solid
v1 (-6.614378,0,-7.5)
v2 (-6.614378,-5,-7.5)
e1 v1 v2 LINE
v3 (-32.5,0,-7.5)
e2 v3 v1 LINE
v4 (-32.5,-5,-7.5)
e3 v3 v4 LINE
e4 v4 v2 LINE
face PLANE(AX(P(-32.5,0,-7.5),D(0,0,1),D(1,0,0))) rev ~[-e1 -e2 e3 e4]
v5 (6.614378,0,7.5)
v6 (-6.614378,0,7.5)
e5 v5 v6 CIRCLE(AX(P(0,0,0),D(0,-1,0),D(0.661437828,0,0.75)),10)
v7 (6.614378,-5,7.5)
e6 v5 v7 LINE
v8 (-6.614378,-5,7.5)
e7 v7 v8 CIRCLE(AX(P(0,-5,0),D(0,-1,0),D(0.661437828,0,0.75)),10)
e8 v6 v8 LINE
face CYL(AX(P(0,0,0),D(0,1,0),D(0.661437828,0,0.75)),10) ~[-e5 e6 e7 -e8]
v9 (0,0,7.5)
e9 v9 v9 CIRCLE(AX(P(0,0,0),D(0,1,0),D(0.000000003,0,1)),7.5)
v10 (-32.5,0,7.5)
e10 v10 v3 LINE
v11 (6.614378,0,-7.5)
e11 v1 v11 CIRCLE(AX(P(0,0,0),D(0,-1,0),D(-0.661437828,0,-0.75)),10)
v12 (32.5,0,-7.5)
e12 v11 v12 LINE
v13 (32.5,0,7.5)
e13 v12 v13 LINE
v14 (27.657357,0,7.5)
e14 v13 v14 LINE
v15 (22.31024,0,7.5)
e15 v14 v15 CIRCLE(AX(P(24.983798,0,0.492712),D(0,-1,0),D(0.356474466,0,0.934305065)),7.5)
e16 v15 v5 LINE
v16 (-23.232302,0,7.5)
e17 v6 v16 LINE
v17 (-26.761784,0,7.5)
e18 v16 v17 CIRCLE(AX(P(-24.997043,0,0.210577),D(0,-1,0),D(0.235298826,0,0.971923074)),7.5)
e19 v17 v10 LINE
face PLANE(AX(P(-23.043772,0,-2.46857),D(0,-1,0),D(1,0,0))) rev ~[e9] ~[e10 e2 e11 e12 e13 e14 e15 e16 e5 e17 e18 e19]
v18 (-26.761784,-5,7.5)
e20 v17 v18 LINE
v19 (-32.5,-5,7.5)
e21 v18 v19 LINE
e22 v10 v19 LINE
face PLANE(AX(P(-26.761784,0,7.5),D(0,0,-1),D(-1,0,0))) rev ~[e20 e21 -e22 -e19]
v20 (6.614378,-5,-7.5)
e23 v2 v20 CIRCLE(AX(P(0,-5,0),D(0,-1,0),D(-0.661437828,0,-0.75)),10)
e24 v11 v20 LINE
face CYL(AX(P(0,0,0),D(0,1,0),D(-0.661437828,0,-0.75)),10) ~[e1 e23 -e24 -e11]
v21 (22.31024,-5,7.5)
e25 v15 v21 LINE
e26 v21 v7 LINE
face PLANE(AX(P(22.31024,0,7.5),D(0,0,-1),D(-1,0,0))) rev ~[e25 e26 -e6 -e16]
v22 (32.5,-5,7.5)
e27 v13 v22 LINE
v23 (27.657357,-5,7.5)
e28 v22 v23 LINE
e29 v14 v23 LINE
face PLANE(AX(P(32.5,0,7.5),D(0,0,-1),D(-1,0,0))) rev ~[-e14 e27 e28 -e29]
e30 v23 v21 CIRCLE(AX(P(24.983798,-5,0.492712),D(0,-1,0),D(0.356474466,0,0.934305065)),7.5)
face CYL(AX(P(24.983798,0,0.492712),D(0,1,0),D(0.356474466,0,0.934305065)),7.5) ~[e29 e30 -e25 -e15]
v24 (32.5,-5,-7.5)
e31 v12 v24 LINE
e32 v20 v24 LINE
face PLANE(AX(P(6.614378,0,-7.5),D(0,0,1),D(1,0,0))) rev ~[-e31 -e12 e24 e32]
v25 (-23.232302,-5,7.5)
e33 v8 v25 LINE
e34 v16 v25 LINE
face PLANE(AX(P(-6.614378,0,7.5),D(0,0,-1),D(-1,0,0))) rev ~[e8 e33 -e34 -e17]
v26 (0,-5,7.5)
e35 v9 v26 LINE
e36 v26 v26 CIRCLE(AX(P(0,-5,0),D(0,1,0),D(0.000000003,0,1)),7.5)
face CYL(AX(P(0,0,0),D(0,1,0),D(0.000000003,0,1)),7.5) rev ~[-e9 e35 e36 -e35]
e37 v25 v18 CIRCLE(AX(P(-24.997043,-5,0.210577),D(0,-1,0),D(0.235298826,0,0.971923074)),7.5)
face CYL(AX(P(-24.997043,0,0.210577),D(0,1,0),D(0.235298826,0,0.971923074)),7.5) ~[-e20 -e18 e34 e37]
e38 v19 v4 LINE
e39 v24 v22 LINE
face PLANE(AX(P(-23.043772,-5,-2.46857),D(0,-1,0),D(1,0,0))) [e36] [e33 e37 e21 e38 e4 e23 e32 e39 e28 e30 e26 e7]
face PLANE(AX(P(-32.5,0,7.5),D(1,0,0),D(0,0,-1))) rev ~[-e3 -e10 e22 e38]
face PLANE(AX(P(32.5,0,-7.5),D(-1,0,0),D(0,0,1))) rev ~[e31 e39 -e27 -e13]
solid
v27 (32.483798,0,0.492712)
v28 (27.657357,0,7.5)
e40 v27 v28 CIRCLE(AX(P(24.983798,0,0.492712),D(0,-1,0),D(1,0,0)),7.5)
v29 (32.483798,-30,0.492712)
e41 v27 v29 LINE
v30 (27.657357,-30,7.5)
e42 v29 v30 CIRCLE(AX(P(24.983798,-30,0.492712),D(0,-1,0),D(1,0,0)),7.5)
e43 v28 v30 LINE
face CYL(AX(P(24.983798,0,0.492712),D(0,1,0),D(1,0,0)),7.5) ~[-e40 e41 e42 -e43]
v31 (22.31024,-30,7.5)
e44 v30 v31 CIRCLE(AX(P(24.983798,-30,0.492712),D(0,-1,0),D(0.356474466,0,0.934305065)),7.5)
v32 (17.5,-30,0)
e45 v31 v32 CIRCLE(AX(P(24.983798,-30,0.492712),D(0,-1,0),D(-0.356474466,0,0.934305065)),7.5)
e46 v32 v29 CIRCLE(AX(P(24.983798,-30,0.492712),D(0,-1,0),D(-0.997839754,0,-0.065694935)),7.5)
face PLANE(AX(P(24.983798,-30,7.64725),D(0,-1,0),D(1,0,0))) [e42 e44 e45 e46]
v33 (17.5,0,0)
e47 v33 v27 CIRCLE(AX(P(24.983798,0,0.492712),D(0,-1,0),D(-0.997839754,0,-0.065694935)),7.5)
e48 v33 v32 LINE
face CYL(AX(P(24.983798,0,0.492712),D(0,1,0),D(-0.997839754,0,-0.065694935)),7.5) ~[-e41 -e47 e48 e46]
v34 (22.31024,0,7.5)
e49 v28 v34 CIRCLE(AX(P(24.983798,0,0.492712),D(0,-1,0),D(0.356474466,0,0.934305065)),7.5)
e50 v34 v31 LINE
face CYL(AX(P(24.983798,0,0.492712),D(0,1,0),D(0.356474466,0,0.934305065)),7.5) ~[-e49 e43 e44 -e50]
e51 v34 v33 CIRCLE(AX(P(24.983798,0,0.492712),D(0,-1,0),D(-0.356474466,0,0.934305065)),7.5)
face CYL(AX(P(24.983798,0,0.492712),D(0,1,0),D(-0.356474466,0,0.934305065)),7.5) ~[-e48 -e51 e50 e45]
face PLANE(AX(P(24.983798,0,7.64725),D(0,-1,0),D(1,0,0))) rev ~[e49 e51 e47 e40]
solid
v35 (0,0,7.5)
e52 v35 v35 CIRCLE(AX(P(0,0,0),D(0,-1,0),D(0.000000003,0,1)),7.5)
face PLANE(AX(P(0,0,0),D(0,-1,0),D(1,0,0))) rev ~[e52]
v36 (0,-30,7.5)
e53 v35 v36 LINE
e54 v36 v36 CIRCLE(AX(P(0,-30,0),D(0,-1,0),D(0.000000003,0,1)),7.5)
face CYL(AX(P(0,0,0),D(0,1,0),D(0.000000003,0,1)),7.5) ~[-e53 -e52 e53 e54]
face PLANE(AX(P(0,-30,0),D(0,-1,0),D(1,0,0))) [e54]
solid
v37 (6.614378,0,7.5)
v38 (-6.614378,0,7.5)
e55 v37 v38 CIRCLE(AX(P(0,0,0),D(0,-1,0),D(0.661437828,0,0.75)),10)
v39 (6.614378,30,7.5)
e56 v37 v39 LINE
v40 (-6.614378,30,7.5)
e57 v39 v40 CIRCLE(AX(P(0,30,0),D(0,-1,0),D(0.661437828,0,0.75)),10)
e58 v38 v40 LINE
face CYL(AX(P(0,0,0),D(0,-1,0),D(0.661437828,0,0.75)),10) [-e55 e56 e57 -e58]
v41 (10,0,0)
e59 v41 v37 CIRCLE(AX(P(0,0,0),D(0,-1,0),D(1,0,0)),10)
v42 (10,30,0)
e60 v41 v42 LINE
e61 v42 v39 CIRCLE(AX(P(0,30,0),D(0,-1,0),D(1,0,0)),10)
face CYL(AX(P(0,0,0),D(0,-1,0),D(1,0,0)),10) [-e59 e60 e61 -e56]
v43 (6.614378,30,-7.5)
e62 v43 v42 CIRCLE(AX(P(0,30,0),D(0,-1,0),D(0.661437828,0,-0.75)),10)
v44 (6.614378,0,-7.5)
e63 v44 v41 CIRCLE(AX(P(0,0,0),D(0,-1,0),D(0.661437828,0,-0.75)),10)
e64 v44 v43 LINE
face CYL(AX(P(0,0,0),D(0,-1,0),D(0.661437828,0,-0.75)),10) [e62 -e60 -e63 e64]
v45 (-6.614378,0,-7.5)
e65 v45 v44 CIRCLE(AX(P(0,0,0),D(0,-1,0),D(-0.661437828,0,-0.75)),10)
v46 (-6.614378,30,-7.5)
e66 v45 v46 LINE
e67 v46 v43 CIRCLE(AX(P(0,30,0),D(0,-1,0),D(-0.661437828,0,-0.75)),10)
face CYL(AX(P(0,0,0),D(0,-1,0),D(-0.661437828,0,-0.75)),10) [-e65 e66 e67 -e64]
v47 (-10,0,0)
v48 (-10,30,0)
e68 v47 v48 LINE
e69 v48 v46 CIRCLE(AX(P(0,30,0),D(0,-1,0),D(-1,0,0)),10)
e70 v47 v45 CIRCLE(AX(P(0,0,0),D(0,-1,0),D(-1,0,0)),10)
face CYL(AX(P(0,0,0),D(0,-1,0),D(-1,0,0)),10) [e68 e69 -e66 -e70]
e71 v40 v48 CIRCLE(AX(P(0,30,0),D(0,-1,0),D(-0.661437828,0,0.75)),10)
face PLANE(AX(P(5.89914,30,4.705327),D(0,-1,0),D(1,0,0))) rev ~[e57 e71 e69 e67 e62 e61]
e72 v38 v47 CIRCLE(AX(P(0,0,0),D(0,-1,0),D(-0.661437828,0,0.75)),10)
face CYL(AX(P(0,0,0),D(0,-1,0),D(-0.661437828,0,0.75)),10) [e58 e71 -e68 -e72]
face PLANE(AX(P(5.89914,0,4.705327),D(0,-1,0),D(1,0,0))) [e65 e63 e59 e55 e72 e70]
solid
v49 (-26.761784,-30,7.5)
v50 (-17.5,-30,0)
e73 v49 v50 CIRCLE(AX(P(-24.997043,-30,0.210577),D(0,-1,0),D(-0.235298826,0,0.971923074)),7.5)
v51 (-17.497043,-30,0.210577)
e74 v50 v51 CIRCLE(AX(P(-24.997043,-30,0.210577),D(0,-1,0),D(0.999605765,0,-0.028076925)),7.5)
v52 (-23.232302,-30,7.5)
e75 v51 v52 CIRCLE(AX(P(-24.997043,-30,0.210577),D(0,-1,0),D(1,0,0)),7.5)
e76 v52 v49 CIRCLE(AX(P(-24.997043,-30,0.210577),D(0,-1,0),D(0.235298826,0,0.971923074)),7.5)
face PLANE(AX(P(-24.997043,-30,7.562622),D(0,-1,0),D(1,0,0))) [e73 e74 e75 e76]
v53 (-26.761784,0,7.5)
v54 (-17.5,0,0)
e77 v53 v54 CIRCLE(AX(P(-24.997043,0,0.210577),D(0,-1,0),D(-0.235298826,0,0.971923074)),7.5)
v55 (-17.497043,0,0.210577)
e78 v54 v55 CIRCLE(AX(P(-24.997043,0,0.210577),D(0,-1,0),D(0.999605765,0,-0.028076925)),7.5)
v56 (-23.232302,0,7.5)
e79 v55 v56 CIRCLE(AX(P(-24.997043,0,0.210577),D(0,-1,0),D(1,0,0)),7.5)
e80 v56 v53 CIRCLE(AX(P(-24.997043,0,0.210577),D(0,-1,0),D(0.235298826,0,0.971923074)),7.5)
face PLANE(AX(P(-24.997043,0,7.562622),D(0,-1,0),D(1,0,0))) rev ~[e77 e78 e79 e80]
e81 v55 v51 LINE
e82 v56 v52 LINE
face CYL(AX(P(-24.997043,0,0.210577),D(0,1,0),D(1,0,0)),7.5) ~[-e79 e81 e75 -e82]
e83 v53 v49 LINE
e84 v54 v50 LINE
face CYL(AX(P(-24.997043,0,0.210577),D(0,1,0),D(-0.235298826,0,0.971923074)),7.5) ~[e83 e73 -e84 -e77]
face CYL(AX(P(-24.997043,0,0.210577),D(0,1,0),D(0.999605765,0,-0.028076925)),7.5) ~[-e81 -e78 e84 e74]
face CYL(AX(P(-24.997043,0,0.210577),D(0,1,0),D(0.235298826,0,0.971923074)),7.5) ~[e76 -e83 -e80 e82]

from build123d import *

# Parameters (mm, degrees)
F1_DEPTH = 5
F2_DEPTH = 30
F3_DEPTH = 30


with BuildPart() as f1:
    # F0 (on Front) → F1 (new body)
    with BuildSketch(Plane.XZ):
        with BuildLine():
            Line((-26.7617844339, 7.5), (-32.5, 7.5))
            Line((-32.5, 7.5), (-32.5, -7.5))
            Line((-32.5, -7.5), (-6.6143782777, -7.5))
            ThreePointArc((-6.6143782777, -7.5), (-9.1143782777, -4.1143782777), (-10, 0))
            Line((-10, 0), (-17.5, 0))
            ThreePointArc((-17.5, 0), (-29.7169290115, -5.6180316665), (-26.7617844339, 7.5))
        make_face()
        with BuildLine():
            ThreePointArc((-23.2323020473, 7.5), (-24.9970432406, 7.7105769419), (-26.7617844339, 7.5))
            Line((-26.7617844339, 7.5), (-23.2323020473, 7.5))
        make_face()
        with BuildLine():
            Line((-23.2323020473, 7.5), (-26.7617844339, 7.5))
            ThreePointArc((-26.7617844339, 7.5), (-29.7169290115, -5.6180316665), (-17.5, 0))
            ThreePointArc((-17.5, 0), (-17.4977824669, 0.1052780923), (-17.4970432406, 0.2105769419))
            ThreePointArc((-17.4970432406, 0.2105769419), (-19.1027426481, 4.8481647335), (-23.2323020473, 7.5))
        make_face()
        with BuildLine():
            Line((-6.6143782777, 7.5), (-23.2323020473, 7.5))
            ThreePointArc((-23.2323020473, 7.5), (-19.1027426481, 4.8481647335), (-17.4970432406, 0.2105769419))
            ThreePointArc((-17.4970432406, 0.2105769419), (-17.4977824669, 0.1052780923), (-17.5, 0))
            Line((-17.5, 0), (-10, 0))
            ThreePointArc((-10, 0), (-9.1143782777, 4.1143782777), (-6.6143782777, 7.5))
        make_face()
        with BuildLine():
            ThreePointArc((-10, 0), (-9.1143782777, -4.1143782777), (-6.6143782777, -7.5))
            Line((-6.6143782777, -7.5), (2.3e-08, -7.5))
            ThreePointArc((2.3e-08, -7.5), (-5.3033008508, -5.303300867), (-7.5, 0))
            Line((-7.5, 0), (-10, 0))
        make_face()
        with BuildLine():
            Line((2.3e-08, -7.5), (-6.6143782777, -7.5))
            ThreePointArc((-6.6143782777, -7.5), (0, -10), (6.6143782777, -7.5))
            Line((6.6143782777, -7.5), (2.3e-08, -7.5))
        make_face()
        with BuildLine():
            ThreePointArc((6.6143782777, 7.5), (0, 10), (-6.6143782777, 7.5))
            Line((-6.6143782777, 7.5), (2.31e-08, 7.5))
            Line((2.31e-08, 7.5), (6.6143782777, 7.5))
        make_face()
        with BuildLine():
            Line((2.31e-08, 7.5), (-6.6143782777, 7.5))
            ThreePointArc((-6.6143782777, 7.5), (-9.1143782777, 4.1143782777), (-10, 0))
            Line((-10, 0), (-7.5, 0))
            ThreePointArc((-7.5, 0), (-5.3033008507, 5.3033008671), (2.31e-08, 7.5))
        make_face()
        with BuildLine():
            ThreePointArc((7.5, 0), (5.303300867, -5.3033008508), (2.3e-08, -7.5))
            Line((2.3e-08, -7.5), (6.6143782777, -7.5))
            ThreePointArc((6.6143782777, -7.5), (9.1143782777, -4.1143782777), (10, 0))
            Line((10, 0), (7.5, 0))
        make_face()
        with BuildLine():
            ThreePointArc((10, 0), (9.1143782777, -4.1143782777), (6.6143782777, -7.5))
            Line((6.6143782777, -7.5), (32.5, -7.5))
            Line((32.5, -7.5), (32.5, 7.5))
            Line((32.5, 7.5), (27.6573566535, 7.5))
            ThreePointArc((27.6573566535, 7.5), (31.1604351362, 4.7470222531), (32.4837981584, 0.4927120101))
            ThreePointArc((32.4837981584, 0.4927120101), (25.2302873187, -7.0032364351), (17.5, 0))
            Line((17.5, 0), (10, 0))
        make_face()
        with BuildLine():
            Line((6.6143782777, 7.5), (2.31e-08, 7.5))
            ThreePointArc((2.31e-08, 7.5), (5.3033008671, 5.3033008507), (7.5, 0))
            Line((7.5, 0), (10, 0))
            ThreePointArc((10, 0), (9.1143782777, 4.1143782777), (6.6143782777, 7.5))
        make_face()
        with BuildLine():
            Line((22.3102396633, 7.5), (6.6143782777, 7.5))
            ThreePointArc((6.6143782777, 7.5), (9.1143782777, 4.1143782777), (10, 0))
            Line((10, 0), (17.5, 0))
            ThreePointArc((17.5, 0), (18.6706789969, 4.541727502), (22.3102396633, 7.5))
        make_face()
        with BuildLine():
            ThreePointArc((27.6573566535, 7.5), (24.9837981584, 7.9927120101), (22.3102396633, 7.5))
            Line((22.3102396633, 7.5), (27.6573566535, 7.5))
        make_face()
        with BuildLine():
            Line((27.6573566535, 7.5), (22.3102396633, 7.5))
            ThreePointArc((22.3102396633, 7.5), (18.6706789969, 4.541727502), (17.5, 0))
            ThreePointArc((17.5, 0), (25.2302873187, -7.0032364351), (32.4837981584, 0.4927120101))
            ThreePointArc((32.4837981584, 0.4927120101), (31.1604351362, 4.7470222531), (27.6573566535, 7.5))
        make_face()
    extrude(amount=F1_DEPTH)


with BuildPart() as f2:
    # F0 (on Front) → F2 (new body)
    with BuildSketch(Plane.XZ):
        with BuildLine():
            ThreePointArc((-23.2323020473, 7.5), (-24.9970432406, 7.7105769419), (-26.7617844339, 7.5))
            Line((-26.7617844339, 7.5), (-23.2323020473, 7.5))
        make_face()
        with BuildLine():
            Line((-23.2323020473, 7.5), (-26.7617844339, 7.5))
            ThreePointArc((-26.7617844339, 7.5), (-29.7169290115, -5.6180316665), (-17.5, 0))
            ThreePointArc((-17.5, 0), (-17.4977824669, 0.1052780923), (-17.4970432406, 0.2105769419))
            ThreePointArc((-17.4970432406, 0.2105769419), (-19.1027426481, 4.8481647335), (-23.2323020473, 7.5))
        make_face()
    extrude(amount=F2_DEPTH)


with BuildPart() as f2b:
    # F0 (on Front) → F2, piece 2 (new body)
    with BuildSketch(Plane.XZ):
        with BuildLine():
            ThreePointArc((27.6573566535, 7.5), (24.9837981584, 7.9927120101), (22.3102396633, 7.5))
            Line((22.3102396633, 7.5), (27.6573566535, 7.5))
        make_face()
        with BuildLine():
            Line((27.6573566535, 7.5), (22.3102396633, 7.5))
            ThreePointArc((22.3102396633, 7.5), (18.6706789969, 4.541727502), (17.5, 0))
            ThreePointArc((17.5, 0), (25.2302873187, -7.0032364351), (32.4837981584, 0.4927120101))
            ThreePointArc((32.4837981584, 0.4927120101), (31.1604351362, 4.7470222531), (27.6573566535, 7.5))
        make_face()
    extrude(amount=F2_DEPTH)


with BuildPart() as f2c:
    # F0 (on Front) → F2, piece 3 (new body)
    with BuildSketch(Plane.XZ):
        with BuildLine():
            ThreePointArc((-7.5, 0), (-5.3033008508, -5.303300867), (2.3e-08, -7.5))
            ThreePointArc((2.3e-08, -7.5), (5.303300867, -5.3033008508), (7.5, 0))
            ThreePointArc((7.5, 0), (5.3033008671, 5.3033008507), (2.31e-08, 7.5))
            ThreePointArc((2.31e-08, 7.5), (-5.3033008507, 5.3033008671), (-7.5, 0))
        make_face()
    extrude(amount=F2_DEPTH)


with BuildPart() as f3:
    # F0 (on Front) → F3 (new body)
    with BuildSketch(Plane.XZ):
        with BuildLine():
            Line((6.6143782777, 7.5), (2.31e-08, 7.5))
            ThreePointArc((2.31e-08, 7.5), (5.3033008671, 5.3033008507), (7.5, 0))
            Line((7.5, 0), (10, 0))
            ThreePointArc((10, 0), (9.1143782777, 4.1143782777), (6.6143782777, 7.5))
        make_face()
        with BuildLine():
            ThreePointArc((-7.5, 0), (-5.3033008508, -5.303300867), (2.3e-08, -7.5))
            ThreePointArc((2.3e-08, -7.5), (5.303300867, -5.3033008508), (7.5, 0))
            ThreePointArc((7.5, 0), (5.3033008671, 5.3033008507), (2.31e-08, 7.5))
            ThreePointArc((2.31e-08, 7.5), (-5.3033008507, 5.3033008671), (-7.5, 0))
        make_face()
        with BuildLine():
            ThreePointArc((6.6143782777, 7.5), (0, 10), (-6.6143782777, 7.5))
            Line((-6.6143782777, 7.5), (2.31e-08, 7.5))
            Line((2.31e-08, 7.5), (6.6143782777, 7.5))
        make_face()
        with BuildLine():
            Line((2.31e-08, 7.5), (-6.6143782777, 7.5))
            ThreePointArc((-6.6143782777, 7.5), (-9.1143782777, 4.1143782777), (-10, 0))
            Line((-10, 0), (-7.5, 0))
            ThreePointArc((-7.5, 0), (-5.3033008507, 5.3033008671), (2.31e-08, 7.5))
        make_face()
        with BuildLine():
            ThreePointArc((-10, 0), (-9.1143782777, -4.1143782777), (-6.6143782777, -7.5))
            Line((-6.6143782777, -7.5), (2.3e-08, -7.5))
            ThreePointArc((2.3e-08, -7.5), (-5.3033008508, -5.303300867), (-7.5, 0))
            Line((-7.5, 0), (-10, 0))
        make_face()
        with BuildLine():
            Line((2.3e-08, -7.5), (-6.6143782777, -7.5))
            ThreePointArc((-6.6143782777, -7.5), (0, -10), (6.6143782777, -7.5))
            Line((6.6143782777, -7.5), (2.3e-08, -7.5))
        make_face()
        with BuildLine():
            ThreePointArc((7.5, 0), (5.303300867, -5.3033008508), (2.3e-08, -7.5))
            Line((2.3e-08, -7.5), (6.6143782777, -7.5))
            ThreePointArc((6.6143782777, -7.5), (9.1143782777, -4.1143782777), (10, 0))
            Line((10, 0), (7.5, 0))
        make_face()
    extrude(amount=-F3_DEPTH)


solid = Compound([f1.part, f2.part, f2b.part, f2c.part, f3.part])
